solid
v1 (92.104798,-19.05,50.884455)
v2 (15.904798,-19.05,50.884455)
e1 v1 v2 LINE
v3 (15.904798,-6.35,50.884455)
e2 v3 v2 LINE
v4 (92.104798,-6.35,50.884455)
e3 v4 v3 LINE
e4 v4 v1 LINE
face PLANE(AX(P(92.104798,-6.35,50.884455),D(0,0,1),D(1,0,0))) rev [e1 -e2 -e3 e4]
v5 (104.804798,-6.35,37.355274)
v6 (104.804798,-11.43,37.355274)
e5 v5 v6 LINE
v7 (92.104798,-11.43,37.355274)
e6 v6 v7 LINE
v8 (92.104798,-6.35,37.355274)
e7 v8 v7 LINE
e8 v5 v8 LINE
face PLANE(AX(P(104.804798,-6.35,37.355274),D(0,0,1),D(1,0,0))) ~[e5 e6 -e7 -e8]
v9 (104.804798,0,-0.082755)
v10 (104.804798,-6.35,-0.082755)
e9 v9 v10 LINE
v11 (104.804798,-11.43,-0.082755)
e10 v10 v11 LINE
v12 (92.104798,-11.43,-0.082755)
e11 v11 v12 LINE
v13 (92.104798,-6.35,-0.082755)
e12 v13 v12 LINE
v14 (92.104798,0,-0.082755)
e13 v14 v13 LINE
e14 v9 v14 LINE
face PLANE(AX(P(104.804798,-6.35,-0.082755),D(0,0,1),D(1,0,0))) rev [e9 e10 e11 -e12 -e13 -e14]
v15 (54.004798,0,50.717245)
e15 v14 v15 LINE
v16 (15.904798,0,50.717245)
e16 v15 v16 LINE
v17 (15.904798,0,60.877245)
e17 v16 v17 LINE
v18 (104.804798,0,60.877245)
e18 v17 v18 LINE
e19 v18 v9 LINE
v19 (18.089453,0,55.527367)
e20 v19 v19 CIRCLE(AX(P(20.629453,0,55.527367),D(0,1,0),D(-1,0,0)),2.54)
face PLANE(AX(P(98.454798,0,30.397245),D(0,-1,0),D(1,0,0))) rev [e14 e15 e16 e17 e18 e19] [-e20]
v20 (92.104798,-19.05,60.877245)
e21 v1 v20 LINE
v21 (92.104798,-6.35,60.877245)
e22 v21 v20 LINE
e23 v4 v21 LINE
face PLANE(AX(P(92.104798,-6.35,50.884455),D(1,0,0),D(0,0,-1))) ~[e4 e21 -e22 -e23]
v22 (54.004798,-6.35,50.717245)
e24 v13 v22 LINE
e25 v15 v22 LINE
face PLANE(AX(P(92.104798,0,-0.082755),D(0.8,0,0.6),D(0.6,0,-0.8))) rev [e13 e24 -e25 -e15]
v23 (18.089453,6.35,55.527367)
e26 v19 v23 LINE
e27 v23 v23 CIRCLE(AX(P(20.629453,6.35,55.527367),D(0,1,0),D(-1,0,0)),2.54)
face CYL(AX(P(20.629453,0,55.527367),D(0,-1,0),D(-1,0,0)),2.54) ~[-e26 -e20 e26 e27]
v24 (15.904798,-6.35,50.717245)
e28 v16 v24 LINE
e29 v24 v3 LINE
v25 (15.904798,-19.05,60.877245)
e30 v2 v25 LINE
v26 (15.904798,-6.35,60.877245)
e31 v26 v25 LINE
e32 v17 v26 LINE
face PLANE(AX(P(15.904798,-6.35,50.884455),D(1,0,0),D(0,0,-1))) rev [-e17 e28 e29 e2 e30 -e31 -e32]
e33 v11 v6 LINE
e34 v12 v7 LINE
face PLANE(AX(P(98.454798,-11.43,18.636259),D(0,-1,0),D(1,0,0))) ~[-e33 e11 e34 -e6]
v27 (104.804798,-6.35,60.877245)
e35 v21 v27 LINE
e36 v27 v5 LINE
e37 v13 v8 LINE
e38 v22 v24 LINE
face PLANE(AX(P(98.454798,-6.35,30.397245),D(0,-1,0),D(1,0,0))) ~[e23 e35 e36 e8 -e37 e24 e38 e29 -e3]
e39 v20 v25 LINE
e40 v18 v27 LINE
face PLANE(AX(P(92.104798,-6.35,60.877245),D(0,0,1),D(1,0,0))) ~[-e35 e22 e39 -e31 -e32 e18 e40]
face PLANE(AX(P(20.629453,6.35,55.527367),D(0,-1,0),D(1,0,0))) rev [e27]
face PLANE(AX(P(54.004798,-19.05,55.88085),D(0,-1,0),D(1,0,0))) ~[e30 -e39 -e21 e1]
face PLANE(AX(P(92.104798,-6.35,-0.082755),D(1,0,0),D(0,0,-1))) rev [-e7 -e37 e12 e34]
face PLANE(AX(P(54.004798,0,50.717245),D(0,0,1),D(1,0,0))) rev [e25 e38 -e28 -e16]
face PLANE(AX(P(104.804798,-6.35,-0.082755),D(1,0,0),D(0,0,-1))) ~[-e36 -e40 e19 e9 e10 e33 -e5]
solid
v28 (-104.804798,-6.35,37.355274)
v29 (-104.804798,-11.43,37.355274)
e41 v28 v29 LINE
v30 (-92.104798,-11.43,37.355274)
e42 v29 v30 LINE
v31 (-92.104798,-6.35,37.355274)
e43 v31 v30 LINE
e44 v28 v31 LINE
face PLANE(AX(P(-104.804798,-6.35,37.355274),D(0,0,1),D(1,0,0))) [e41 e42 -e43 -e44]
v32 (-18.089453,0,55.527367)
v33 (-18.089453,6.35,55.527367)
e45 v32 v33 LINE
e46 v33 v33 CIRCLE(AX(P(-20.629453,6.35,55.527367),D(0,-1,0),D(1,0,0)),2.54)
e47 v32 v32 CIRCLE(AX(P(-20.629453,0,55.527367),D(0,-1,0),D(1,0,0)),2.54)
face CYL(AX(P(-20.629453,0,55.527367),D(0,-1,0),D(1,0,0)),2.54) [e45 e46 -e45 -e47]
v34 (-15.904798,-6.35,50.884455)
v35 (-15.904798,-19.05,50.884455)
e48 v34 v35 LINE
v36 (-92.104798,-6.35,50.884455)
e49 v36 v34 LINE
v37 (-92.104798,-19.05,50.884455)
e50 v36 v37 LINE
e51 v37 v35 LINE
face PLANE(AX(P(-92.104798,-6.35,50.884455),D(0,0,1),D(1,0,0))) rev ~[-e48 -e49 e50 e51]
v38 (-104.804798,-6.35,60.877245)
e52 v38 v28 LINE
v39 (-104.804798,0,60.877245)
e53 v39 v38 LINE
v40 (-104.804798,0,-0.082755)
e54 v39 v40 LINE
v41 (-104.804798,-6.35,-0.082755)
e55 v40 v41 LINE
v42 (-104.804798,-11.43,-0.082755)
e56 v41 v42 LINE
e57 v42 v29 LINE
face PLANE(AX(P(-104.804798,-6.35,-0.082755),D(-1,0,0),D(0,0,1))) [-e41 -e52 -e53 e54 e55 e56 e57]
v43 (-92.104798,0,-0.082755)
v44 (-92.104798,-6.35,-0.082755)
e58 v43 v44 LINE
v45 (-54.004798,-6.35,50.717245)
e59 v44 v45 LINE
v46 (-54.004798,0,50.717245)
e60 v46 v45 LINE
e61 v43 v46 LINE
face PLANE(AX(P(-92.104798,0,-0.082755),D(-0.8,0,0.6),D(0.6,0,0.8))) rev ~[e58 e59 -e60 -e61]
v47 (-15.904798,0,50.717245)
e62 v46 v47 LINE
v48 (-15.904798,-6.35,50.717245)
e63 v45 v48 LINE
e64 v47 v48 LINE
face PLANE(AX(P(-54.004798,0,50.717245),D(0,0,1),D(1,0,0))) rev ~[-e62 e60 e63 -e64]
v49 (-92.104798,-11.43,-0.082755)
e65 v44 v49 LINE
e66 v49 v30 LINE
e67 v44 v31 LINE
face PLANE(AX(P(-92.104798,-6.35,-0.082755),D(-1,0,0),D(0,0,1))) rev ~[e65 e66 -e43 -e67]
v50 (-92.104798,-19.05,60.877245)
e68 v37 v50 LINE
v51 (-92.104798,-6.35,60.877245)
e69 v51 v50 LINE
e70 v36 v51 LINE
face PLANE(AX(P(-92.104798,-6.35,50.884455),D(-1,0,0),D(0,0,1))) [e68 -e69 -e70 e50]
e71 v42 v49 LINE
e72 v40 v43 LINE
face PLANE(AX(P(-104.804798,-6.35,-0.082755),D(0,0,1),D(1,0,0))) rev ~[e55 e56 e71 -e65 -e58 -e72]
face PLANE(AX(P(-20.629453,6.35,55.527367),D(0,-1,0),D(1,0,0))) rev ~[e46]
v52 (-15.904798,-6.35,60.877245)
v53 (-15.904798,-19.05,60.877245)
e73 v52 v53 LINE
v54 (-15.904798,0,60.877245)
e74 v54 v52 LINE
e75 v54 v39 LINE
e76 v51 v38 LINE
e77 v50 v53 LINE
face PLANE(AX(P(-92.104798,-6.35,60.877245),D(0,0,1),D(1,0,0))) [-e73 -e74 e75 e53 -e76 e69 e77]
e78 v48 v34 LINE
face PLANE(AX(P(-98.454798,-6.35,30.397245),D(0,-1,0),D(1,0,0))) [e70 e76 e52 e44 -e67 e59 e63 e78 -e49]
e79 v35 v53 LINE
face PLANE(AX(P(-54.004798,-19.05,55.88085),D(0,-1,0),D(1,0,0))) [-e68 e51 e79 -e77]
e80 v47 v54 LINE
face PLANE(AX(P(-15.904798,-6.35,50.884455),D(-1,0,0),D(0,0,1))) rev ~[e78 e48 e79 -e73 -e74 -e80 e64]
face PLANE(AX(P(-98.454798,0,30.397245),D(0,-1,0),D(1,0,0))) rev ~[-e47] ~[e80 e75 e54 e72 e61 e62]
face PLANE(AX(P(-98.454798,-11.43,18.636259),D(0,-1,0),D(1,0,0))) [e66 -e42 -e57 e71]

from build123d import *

# Parameters (mm, degrees)
F1_DEPTH  = 6.35
F2_W      = 12.7
F2_H      = 37.4380293493
F3_DEPTH  = 5.08
F4_R      = 2.54
F5_DEPTH  = 6.35
F9_ANGLE  = 180
F13_W     = 76.2
F13_H     = 9.9927893933
F14_DEPTH = 12.7


with BuildPart() as f1:
    # F0 (on Front) → F1 (new body)
    with BuildSketch(Plane.XZ):
        Polygon((-104.8047976519, -0.0827553873), (-92.1047976519, -0.0827553873), (-92.1047976519, 50.7172446127), (-92.1047976519, 60.8772446127), (-104.8047976519, 60.8772446127), align=None)
        Polygon((-92.1047976519, 50.7172446127), (-92.1047976519, -0.0827553873), (-54.0047976519, 50.7172446127), align=None)
        Polygon((-92.1047976519, 60.8772446127), (-92.1047976519, 50.7172446127), (-54.0047976519, 50.7172446127), (-15.9047976519, 50.7172446127), (-15.9047976519, 60.8772446127), align=None)
    extrude(amount=F1_DEPTH)

    # F2 (on face) → F3 (join)
    with BuildSketch(Plane.XZ.offset(6.35)):
        with Locations((-98.4547976519, 18.6362592874)):
            Rectangle(F2_W, F2_H)
    extrude(amount=F3_DEPTH)

    # F4 (on face) → F5 (join)
    with BuildSketch(Plane.XZ):
        with Locations((-20.6294525415, 55.5273666978)):
            Circle(F4_R)
    extrude(amount=-F5_DEPTH)


with BuildPart() as f6_1:
    # F6: copy of F1
    add(f1.part.moved(Location((163.83, -4.572, -13.716))))


with BuildPart() as f8_1:
    # F8: copy of F1
    add(f1.part.moved(Location((137.414, 0, 0))))


with BuildPart() as f9_1:
    # F9: copy of F8_1
    add(f8_1.part.rotate(Axis((121.5092023481, -3.175, 60.8772446127), (0, -1, 0)), F9_ANGLE))


with BuildPart() as f11_1:
    # F11: instance of F1
    add(f1.part.mirror(Plane.YZ))


with BuildPart() as f1_1:
    add(f1.part)

    # F13 (on face) → F14 (join)
    with BuildSketch(Plane.XZ.offset(6.35)):
        with Locations((-54.0047976519, 55.8808499161)):
            Rectangle(F13_W, F13_H)
    extrude(amount=F14_DEPTH)


with BuildPart() as f16_1:
    # F16: instance of F1
    add(f1_1.part.mirror(Plane.YZ))


solid = Compound([f1_1.part, f16_1.part])
